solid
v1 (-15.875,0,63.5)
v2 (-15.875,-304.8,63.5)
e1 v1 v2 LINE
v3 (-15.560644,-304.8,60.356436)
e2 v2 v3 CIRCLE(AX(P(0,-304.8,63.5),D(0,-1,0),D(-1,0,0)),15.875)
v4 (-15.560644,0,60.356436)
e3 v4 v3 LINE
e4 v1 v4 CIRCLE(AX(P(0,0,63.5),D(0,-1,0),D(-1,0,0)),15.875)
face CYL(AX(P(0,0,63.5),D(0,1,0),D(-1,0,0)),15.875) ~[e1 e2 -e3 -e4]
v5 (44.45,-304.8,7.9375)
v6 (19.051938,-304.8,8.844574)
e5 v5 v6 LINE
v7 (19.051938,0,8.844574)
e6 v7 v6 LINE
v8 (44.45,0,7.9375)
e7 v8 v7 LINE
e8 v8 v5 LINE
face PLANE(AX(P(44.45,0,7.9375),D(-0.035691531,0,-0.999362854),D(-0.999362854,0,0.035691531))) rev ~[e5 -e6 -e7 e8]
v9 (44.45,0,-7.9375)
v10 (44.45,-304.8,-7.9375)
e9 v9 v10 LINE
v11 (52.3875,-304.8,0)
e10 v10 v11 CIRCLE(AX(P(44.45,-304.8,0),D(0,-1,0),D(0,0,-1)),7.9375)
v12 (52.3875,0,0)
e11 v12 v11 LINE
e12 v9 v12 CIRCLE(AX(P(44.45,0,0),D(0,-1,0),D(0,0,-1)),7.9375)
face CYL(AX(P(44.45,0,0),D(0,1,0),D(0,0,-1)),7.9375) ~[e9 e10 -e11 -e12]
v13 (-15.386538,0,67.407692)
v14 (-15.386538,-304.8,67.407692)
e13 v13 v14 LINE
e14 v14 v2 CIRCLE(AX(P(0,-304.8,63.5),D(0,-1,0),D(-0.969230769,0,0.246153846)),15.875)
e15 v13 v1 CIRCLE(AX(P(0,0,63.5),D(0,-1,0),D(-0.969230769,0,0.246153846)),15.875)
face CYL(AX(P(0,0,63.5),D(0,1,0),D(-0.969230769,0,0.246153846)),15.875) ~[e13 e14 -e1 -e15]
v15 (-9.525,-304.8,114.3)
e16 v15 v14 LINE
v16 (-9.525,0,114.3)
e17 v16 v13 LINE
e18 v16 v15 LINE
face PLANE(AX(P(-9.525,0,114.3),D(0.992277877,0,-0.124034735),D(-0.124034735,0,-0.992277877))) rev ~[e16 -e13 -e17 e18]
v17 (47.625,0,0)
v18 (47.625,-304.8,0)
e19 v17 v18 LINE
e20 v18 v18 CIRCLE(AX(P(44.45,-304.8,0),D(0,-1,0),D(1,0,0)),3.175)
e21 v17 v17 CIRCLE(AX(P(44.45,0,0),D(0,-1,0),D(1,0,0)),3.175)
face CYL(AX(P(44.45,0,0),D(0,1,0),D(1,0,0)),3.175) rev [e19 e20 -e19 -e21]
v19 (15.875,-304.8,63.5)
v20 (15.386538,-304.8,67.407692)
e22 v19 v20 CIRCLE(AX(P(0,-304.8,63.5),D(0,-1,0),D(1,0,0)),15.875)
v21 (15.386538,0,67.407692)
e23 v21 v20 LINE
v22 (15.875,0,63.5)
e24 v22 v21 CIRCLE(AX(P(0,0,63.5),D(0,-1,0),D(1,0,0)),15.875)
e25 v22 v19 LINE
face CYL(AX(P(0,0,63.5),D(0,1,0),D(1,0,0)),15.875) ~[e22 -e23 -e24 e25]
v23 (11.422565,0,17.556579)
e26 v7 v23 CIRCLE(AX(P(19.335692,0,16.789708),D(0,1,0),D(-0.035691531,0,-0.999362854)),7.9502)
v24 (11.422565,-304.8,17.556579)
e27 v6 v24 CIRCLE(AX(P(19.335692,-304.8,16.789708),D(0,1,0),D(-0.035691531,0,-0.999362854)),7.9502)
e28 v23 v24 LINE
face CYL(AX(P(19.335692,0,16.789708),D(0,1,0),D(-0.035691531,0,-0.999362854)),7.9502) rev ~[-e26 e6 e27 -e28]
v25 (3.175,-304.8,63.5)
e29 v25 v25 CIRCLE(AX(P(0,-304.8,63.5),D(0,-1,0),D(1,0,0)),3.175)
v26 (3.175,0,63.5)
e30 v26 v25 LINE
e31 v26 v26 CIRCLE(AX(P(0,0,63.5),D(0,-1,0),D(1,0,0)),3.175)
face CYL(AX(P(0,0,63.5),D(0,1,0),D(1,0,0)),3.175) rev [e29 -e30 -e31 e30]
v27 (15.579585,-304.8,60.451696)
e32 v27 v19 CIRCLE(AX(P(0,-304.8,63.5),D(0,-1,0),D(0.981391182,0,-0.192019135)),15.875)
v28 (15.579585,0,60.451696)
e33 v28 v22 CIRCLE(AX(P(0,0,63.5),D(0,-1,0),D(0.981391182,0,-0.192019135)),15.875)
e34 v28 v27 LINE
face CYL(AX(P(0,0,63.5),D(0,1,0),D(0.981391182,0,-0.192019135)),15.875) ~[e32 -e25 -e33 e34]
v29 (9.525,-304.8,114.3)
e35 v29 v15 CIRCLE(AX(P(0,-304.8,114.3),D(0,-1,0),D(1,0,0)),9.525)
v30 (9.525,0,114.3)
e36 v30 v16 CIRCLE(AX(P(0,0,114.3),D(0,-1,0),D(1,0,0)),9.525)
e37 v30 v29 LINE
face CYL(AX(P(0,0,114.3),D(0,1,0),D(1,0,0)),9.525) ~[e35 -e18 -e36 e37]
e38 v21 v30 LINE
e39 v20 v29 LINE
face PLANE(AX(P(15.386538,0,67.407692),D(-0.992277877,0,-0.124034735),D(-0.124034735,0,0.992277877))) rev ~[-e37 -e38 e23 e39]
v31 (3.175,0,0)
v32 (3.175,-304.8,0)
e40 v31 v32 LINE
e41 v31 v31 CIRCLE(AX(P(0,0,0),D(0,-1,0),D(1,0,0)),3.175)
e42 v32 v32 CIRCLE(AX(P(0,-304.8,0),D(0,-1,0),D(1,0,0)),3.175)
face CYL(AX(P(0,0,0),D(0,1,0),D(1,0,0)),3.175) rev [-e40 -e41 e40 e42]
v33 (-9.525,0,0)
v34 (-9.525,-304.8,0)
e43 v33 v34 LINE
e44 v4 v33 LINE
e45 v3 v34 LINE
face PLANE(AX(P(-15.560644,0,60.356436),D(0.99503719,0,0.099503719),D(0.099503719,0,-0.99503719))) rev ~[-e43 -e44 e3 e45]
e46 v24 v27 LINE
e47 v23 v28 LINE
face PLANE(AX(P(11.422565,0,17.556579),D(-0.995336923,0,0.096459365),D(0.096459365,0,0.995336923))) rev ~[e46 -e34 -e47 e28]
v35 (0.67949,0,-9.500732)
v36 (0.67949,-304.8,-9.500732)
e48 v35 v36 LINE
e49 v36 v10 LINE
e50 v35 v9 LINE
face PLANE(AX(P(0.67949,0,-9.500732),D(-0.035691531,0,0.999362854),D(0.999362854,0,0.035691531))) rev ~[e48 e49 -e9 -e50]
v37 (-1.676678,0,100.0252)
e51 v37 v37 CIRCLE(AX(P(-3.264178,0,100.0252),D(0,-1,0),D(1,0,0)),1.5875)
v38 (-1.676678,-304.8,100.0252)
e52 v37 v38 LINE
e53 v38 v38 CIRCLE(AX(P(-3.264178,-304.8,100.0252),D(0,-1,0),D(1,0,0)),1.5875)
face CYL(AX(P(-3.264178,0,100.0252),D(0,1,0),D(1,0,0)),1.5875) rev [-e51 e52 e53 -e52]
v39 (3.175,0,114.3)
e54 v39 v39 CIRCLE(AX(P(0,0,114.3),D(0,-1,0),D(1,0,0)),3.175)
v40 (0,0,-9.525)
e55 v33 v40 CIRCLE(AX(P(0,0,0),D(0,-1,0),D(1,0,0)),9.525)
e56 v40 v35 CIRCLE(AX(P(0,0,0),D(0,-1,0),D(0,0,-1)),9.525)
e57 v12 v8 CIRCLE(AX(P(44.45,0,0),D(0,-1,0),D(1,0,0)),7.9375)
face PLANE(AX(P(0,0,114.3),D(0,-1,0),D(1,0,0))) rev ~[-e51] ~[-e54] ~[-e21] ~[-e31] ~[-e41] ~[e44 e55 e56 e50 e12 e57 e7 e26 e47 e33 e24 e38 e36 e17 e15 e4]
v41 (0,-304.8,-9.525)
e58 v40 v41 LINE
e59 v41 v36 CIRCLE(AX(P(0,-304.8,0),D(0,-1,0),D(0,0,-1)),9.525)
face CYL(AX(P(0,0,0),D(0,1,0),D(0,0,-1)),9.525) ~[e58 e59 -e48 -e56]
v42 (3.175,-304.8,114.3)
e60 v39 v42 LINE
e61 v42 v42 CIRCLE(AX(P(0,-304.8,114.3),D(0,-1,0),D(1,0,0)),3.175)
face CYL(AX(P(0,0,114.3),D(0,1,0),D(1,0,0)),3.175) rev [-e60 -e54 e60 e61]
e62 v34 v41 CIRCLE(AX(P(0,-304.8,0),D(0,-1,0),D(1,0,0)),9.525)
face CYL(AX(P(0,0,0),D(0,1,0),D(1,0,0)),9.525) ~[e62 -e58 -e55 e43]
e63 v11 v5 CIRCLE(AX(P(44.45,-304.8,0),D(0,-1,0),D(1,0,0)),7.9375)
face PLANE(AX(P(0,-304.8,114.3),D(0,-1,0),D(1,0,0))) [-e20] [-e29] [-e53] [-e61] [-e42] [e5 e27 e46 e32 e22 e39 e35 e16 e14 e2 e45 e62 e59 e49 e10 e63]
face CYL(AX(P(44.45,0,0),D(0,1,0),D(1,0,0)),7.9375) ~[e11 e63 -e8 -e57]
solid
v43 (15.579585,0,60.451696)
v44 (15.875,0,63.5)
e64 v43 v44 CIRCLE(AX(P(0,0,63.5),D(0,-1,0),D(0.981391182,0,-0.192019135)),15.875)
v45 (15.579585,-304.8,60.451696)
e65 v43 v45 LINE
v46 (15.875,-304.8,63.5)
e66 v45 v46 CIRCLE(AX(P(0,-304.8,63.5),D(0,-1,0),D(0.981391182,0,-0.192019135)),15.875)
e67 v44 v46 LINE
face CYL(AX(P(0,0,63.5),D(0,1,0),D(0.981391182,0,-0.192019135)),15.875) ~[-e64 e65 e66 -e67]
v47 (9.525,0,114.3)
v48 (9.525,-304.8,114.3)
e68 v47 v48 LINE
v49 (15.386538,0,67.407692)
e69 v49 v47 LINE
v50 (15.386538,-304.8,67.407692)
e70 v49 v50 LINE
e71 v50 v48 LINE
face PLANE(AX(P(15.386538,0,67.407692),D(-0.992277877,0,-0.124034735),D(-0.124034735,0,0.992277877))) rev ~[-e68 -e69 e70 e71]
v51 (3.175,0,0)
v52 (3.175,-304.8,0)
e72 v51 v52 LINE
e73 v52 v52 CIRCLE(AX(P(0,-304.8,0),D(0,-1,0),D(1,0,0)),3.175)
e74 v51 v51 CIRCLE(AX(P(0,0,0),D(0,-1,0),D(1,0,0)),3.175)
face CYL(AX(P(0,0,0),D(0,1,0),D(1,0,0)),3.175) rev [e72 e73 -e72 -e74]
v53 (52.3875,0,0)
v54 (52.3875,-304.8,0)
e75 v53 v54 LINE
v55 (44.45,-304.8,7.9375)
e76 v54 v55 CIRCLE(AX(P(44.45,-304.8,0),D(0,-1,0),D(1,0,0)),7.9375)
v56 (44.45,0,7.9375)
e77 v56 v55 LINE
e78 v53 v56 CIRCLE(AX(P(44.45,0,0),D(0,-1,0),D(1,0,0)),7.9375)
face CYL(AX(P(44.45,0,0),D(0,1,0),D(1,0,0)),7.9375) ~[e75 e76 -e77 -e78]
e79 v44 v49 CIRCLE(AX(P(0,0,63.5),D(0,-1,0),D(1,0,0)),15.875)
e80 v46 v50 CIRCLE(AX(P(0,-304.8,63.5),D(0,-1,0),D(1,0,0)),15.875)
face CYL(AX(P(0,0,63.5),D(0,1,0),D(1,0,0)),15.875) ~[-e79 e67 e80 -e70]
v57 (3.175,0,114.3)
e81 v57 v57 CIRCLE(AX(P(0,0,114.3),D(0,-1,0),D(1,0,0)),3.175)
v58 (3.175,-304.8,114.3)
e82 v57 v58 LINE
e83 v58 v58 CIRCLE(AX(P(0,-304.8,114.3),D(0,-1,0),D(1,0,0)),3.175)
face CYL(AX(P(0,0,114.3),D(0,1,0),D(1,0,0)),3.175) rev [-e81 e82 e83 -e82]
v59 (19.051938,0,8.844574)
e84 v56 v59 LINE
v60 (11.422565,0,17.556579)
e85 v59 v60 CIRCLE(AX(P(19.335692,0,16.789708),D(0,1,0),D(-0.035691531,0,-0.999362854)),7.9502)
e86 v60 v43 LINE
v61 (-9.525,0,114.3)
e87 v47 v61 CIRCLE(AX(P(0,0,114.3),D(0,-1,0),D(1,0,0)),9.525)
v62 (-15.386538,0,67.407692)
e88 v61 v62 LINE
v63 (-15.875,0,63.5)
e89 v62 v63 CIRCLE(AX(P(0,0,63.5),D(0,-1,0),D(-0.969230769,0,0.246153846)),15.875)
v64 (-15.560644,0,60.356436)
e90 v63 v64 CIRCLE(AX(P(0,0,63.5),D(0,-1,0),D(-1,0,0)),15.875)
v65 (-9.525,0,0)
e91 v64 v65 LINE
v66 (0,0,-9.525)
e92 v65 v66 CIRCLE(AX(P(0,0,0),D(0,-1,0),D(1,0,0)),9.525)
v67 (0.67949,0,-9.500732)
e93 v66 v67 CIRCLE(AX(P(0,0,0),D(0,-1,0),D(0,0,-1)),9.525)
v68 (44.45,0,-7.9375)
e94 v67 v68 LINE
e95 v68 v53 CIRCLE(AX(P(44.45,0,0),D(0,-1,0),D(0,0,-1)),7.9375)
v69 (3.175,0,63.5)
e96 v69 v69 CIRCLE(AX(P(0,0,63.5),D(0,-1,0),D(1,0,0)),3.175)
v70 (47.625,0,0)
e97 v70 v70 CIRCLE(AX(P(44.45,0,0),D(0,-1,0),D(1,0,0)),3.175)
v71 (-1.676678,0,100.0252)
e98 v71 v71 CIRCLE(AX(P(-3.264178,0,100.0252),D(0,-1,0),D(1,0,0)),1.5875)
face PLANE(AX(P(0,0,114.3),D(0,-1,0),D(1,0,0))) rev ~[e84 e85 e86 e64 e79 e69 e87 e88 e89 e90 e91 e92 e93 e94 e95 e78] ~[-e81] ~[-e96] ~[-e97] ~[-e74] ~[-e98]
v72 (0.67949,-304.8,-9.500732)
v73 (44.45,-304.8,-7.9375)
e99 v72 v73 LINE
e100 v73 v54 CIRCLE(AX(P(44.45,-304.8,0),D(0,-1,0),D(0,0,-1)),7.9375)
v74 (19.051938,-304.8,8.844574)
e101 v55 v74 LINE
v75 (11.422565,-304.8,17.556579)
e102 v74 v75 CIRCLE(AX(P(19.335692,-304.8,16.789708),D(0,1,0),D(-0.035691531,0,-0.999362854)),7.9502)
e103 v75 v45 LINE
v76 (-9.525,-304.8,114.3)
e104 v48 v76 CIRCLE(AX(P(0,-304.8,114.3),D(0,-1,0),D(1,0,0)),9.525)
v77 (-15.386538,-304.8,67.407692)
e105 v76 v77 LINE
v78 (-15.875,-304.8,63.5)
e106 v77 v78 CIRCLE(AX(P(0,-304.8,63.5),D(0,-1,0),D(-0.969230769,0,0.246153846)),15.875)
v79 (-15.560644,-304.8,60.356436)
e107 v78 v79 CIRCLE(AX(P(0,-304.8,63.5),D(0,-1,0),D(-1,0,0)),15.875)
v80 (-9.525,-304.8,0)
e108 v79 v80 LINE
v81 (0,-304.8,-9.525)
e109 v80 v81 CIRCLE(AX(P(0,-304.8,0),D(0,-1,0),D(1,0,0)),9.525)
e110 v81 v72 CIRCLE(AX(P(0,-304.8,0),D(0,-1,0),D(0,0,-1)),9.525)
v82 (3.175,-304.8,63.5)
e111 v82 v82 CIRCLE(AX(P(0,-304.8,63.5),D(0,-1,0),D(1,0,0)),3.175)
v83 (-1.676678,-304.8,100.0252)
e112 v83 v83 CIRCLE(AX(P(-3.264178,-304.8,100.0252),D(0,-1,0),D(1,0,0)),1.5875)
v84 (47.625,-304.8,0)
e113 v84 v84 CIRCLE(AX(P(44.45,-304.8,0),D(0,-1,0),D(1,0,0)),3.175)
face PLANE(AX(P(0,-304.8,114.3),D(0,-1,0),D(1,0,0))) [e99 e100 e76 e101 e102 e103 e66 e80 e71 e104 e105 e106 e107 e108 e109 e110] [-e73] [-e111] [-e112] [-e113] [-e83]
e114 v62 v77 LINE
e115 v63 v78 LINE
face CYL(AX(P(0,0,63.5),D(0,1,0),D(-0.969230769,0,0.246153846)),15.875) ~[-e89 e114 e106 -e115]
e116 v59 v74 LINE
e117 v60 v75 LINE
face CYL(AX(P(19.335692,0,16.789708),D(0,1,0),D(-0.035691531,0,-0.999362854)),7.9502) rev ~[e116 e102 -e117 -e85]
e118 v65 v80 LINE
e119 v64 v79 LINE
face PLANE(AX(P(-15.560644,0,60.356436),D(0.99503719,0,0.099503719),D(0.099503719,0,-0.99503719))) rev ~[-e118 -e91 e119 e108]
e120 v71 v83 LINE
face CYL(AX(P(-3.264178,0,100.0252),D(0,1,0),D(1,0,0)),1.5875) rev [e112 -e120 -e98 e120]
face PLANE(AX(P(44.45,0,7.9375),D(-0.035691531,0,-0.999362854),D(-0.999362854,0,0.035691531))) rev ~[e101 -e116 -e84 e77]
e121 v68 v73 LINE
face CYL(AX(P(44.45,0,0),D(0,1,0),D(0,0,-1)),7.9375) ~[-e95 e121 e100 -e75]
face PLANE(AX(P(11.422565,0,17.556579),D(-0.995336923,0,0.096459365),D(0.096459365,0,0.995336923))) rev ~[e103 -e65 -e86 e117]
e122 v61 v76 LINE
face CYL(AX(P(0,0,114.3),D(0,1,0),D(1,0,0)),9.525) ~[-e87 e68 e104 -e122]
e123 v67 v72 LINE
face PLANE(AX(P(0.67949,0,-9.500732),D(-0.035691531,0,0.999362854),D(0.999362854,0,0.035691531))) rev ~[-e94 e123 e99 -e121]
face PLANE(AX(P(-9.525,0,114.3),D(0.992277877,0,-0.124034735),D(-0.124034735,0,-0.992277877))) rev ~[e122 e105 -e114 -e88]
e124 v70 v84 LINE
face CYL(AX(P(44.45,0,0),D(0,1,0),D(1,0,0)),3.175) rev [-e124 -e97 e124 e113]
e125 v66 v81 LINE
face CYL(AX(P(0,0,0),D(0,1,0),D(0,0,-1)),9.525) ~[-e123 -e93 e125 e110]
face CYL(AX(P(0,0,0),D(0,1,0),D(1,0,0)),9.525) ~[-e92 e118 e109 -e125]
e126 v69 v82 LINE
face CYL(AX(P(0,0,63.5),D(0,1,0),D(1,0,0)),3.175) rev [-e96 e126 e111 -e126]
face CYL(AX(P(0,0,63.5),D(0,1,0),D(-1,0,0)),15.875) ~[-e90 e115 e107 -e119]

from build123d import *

# Parameters (mm, degrees)
F0_R     = 3.175
F0_R_2   = 1.5875
F1_DEPTH = 304.8
F2_DEPTH = 304.8


with BuildPart() as f1:
    # F0 (on Front) → F1 (new body)
    with BuildSketch(Plane.XZ):
        with BuildLine():
            ThreePointArc((-9.525, 114.3), (0, 104.775), (9.525, 114.3))
            ThreePointArc((9.525, 114.3), (0, 123.825), (-9.525, 114.3))
        make_face()
        with Locations((0, 114.3)):
            Circle(F0_R, mode=Mode.SUBTRACT)
        with BuildLine():
            Line((15.3865384615, 67.4076923077), (9.525, 114.3))
            ThreePointArc((9.525, 114.3), (0, 104.775), (-9.525, 114.3))
            Line((-9.525, 114.3), (-15.3865384615, 67.4076923077))
            ThreePointArc((-15.3865384615, 67.4076923077), (0, 79.375), (15.3865384615, 67.4076923077))
        make_face()
        with Locations((-3.2641780563, 100.0252)):
            Circle(F0_R_2, mode=Mode.SUBTRACT)
        with BuildLine():
            Line((15.875, 63.5), (15.3865384615, 67.4076923077))
            ThreePointArc((15.3865384615, 67.4076923077), (0, 79.375), (-15.3865384615, 67.4076923077))
            Line((-15.3865384615, 67.4076923077), (-15.875, 63.5))
            Line((-15.875, 63.5), (-15.5606435644, 60.3564356436))
            ThreePointArc((-15.5606435644, 60.3564356436), (0.0485627416, 47.6250742786), (15.5795850131, 60.4516962387))
            Line((15.5795850131, 60.4516962387), (15.875, 63.5))
        make_face()
        with Locations((0, 63.5)):
            Circle(F0_R, mode=Mode.SUBTRACT)
        with BuildLine():
            ThreePointArc((15.875, 63.5), (15.7524112928, 65.4690514116), (15.3865384615, 67.4076923077))
            Line((15.3865384615, 67.4076923077), (15.875, 63.5))
        make_face()
        with BuildLine():
            Line((-15.875, 63.5), (-15.3865384615, 67.4076923077))
            ThreePointArc((-15.3865384615, 67.4076923077), (-15.7524112928, 65.4690514116), (-15.875, 63.5))
        make_face()
        with BuildLine():
            ThreePointArc((15.5795850131, 60.4516962387), (15.800973658, 61.9687075854), (15.875, 63.5))
            Line((15.875, 63.5), (15.5795850131, 60.4516962387))
        make_face()
        with BuildLine():
            Line((-15.5606435644, 60.3564356436), (-15.875, 63.5))
            ThreePointArc((-15.875, 63.5), (-15.7962153946, 61.9203784605), (-15.5606435644, 60.3564356436))
        make_face()
        with BuildLine():
            Line((11.4225647963, 17.556579463), (15.5795850131, 60.4516962387))
            ThreePointArc((15.5795850131, 60.4516962387), (0.0485627416, 47.6250742786), (-15.5606435644, 60.3564356436))
            Line((-15.5606435644, 60.3564356436), (-9.525, 0))
            ThreePointArc((-9.525, 0), (0, 9.525), (9.525, 0))
            ThreePointArc((9.525, 0), (6.9712901065, -6.4905114784), (0.6794904459, -9.5007324841))
            Line((0.6794904459, -9.5007324841), (44.45, -7.9375))
            ThreePointArc((44.45, -7.9375), (36.5125, 0), (44.45, 7.9375))
            Line((44.45, 7.9375), (19.0519375984, 8.8445736572))
            ThreePointArc((19.0519375984, 8.8445736572), (13.3547241201, 11.5519894032), (11.4225647963, 17.556579463))
        make_face()
        with BuildLine():
            ThreePointArc((9.525, 0), (0, 9.525), (-9.525, 0))
            ThreePointArc((-9.525, 0), (-6.7351920908, -6.7351920908), (0, -9.525))
            Line((0, -9.525), (0.6794904459, -9.5007324841))
            ThreePointArc((0.6794904459, -9.5007324841), (6.9712901065, -6.4905114784), (9.525, 0))
        make_face()
        Circle(F0_R, mode=Mode.SUBTRACT)
        with BuildLine():
            Line((0.6794904459, -9.5007324841), (0, -9.525))
            ThreePointArc((0, -9.525), (0.3399618281, -9.5189311877), (0.6794904459, -9.5007324841))
        make_face()
        with BuildLine():
            ThreePointArc((52.3875, 0), (50.0626600757, 5.6126600757), (44.45, 7.9375))
            ThreePointArc((44.45, 7.9375), (36.5125, 0), (44.45, -7.9375))
            ThreePointArc((44.45, -7.9375), (50.0626600757, -5.6126600757), (52.3875, 0))
        make_face()
        with Locations((44.45, 0)):
            Circle(F0_R, mode=Mode.SUBTRACT)
    extrude(amount=F1_DEPTH)


with BuildPart() as f2:
    # F0 (on Front) → F2 (new body)
    with BuildSketch(Plane.XZ):
        with BuildLine():
            ThreePointArc((-9.525, 114.3), (0, 104.775), (9.525, 114.3))
            ThreePointArc((9.525, 114.3), (0, 123.825), (-9.525, 114.3))
        make_face()
        with Locations((0, 114.3)):
            Circle(F0_R, mode=Mode.SUBTRACT)
        with BuildLine():
            Line((15.3865384615, 67.4076923077), (9.525, 114.3))
            ThreePointArc((9.525, 114.3), (0, 104.775), (-9.525, 114.3))
            Line((-9.525, 114.3), (-15.3865384615, 67.4076923077))
            ThreePointArc((-15.3865384615, 67.4076923077), (0, 79.375), (15.3865384615, 67.4076923077))
        make_face()
        with Locations((-3.2641780563, 100.0252)):
            Circle(F0_R_2, mode=Mode.SUBTRACT)
        with BuildLine():
            Line((15.875, 63.5), (15.3865384615, 67.4076923077))
            ThreePointArc((15.3865384615, 67.4076923077), (0, 79.375), (-15.3865384615, 67.4076923077))
            Line((-15.3865384615, 67.4076923077), (-15.875, 63.5))
            Line((-15.875, 63.5), (-15.5606435644, 60.3564356436))
            ThreePointArc((-15.5606435644, 60.3564356436), (0.0485627416, 47.6250742786), (15.5795850131, 60.4516962387))
            Line((15.5795850131, 60.4516962387), (15.875, 63.5))
        make_face()
        with Locations((0, 63.5)):
            Circle(F0_R, mode=Mode.SUBTRACT)
        with BuildLine():
            ThreePointArc((15.875, 63.5), (15.7524112928, 65.4690514116), (15.3865384615, 67.4076923077))
            Line((15.3865384615, 67.4076923077), (15.875, 63.5))
        make_face()
        with BuildLine():
            Line((-15.875, 63.5), (-15.3865384615, 67.4076923077))
            ThreePointArc((-15.3865384615, 67.4076923077), (-15.7524112928, 65.4690514116), (-15.875, 63.5))
        make_face()
        with BuildLine():
            ThreePointArc((15.5795850131, 60.4516962387), (15.800973658, 61.9687075854), (15.875, 63.5))
            Line((15.875, 63.5), (15.5795850131, 60.4516962387))
        make_face()
        with BuildLine():
            Line((-15.5606435644, 60.3564356436), (-15.875, 63.5))
            ThreePointArc((-15.875, 63.5), (-15.7962153946, 61.9203784605), (-15.5606435644, 60.3564356436))
        make_face()
        with BuildLine():
            Line((11.4225647963, 17.556579463), (15.5795850131, 60.4516962387))
            ThreePointArc((15.5795850131, 60.4516962387), (0.0485627416, 47.6250742786), (-15.5606435644, 60.3564356436))
            Line((-15.5606435644, 60.3564356436), (-9.525, 0))
            ThreePointArc((-9.525, 0), (0, 9.525), (9.525, 0))
            ThreePointArc((9.525, 0), (6.9712901065, -6.4905114784), (0.6794904459, -9.5007324841))
            Line((0.6794904459, -9.5007324841), (44.45, -7.9375))
            ThreePointArc((44.45, -7.9375), (36.5125, 0), (44.45, 7.9375))
            Line((44.45, 7.9375), (19.0519375984, 8.8445736572))
            ThreePointArc((19.0519375984, 8.8445736572), (13.3547241201, 11.5519894032), (11.4225647963, 17.556579463))
        make_face()
        with BuildLine():
            ThreePointArc((9.525, 0), (0, 9.525), (-9.525, 0))
            ThreePointArc((-9.525, 0), (-6.7351920908, -6.7351920908), (0, -9.525))
            Line((0, -9.525), (0.6794904459, -9.5007324841))
            ThreePointArc((0.6794904459, -9.5007324841), (6.9712901065, -6.4905114784), (9.525, 0))
        make_face()
        Circle(F0_R, mode=Mode.SUBTRACT)
        with BuildLine():
            Line((0.6794904459, -9.5007324841), (0, -9.525))
            ThreePointArc((0, -9.525), (0.3399618281, -9.5189311877), (0.6794904459, -9.5007324841))
        make_face()
        with BuildLine():
            ThreePointArc((52.3875, 0), (50.0626600757, 5.6126600757), (44.45, 7.9375))
            ThreePointArc((44.45, 7.9375), (36.5125, 0), (44.45, -7.9375))
            ThreePointArc((44.45, -7.9375), (50.0626600757, -5.6126600757), (52.3875, 0))
        make_face()
        with Locations((44.45, 0)):
            Circle(F0_R, mode=Mode.SUBTRACT)
    extrude(amount=F2_DEPTH)


solid = Compound([f1.part, f2.part])
